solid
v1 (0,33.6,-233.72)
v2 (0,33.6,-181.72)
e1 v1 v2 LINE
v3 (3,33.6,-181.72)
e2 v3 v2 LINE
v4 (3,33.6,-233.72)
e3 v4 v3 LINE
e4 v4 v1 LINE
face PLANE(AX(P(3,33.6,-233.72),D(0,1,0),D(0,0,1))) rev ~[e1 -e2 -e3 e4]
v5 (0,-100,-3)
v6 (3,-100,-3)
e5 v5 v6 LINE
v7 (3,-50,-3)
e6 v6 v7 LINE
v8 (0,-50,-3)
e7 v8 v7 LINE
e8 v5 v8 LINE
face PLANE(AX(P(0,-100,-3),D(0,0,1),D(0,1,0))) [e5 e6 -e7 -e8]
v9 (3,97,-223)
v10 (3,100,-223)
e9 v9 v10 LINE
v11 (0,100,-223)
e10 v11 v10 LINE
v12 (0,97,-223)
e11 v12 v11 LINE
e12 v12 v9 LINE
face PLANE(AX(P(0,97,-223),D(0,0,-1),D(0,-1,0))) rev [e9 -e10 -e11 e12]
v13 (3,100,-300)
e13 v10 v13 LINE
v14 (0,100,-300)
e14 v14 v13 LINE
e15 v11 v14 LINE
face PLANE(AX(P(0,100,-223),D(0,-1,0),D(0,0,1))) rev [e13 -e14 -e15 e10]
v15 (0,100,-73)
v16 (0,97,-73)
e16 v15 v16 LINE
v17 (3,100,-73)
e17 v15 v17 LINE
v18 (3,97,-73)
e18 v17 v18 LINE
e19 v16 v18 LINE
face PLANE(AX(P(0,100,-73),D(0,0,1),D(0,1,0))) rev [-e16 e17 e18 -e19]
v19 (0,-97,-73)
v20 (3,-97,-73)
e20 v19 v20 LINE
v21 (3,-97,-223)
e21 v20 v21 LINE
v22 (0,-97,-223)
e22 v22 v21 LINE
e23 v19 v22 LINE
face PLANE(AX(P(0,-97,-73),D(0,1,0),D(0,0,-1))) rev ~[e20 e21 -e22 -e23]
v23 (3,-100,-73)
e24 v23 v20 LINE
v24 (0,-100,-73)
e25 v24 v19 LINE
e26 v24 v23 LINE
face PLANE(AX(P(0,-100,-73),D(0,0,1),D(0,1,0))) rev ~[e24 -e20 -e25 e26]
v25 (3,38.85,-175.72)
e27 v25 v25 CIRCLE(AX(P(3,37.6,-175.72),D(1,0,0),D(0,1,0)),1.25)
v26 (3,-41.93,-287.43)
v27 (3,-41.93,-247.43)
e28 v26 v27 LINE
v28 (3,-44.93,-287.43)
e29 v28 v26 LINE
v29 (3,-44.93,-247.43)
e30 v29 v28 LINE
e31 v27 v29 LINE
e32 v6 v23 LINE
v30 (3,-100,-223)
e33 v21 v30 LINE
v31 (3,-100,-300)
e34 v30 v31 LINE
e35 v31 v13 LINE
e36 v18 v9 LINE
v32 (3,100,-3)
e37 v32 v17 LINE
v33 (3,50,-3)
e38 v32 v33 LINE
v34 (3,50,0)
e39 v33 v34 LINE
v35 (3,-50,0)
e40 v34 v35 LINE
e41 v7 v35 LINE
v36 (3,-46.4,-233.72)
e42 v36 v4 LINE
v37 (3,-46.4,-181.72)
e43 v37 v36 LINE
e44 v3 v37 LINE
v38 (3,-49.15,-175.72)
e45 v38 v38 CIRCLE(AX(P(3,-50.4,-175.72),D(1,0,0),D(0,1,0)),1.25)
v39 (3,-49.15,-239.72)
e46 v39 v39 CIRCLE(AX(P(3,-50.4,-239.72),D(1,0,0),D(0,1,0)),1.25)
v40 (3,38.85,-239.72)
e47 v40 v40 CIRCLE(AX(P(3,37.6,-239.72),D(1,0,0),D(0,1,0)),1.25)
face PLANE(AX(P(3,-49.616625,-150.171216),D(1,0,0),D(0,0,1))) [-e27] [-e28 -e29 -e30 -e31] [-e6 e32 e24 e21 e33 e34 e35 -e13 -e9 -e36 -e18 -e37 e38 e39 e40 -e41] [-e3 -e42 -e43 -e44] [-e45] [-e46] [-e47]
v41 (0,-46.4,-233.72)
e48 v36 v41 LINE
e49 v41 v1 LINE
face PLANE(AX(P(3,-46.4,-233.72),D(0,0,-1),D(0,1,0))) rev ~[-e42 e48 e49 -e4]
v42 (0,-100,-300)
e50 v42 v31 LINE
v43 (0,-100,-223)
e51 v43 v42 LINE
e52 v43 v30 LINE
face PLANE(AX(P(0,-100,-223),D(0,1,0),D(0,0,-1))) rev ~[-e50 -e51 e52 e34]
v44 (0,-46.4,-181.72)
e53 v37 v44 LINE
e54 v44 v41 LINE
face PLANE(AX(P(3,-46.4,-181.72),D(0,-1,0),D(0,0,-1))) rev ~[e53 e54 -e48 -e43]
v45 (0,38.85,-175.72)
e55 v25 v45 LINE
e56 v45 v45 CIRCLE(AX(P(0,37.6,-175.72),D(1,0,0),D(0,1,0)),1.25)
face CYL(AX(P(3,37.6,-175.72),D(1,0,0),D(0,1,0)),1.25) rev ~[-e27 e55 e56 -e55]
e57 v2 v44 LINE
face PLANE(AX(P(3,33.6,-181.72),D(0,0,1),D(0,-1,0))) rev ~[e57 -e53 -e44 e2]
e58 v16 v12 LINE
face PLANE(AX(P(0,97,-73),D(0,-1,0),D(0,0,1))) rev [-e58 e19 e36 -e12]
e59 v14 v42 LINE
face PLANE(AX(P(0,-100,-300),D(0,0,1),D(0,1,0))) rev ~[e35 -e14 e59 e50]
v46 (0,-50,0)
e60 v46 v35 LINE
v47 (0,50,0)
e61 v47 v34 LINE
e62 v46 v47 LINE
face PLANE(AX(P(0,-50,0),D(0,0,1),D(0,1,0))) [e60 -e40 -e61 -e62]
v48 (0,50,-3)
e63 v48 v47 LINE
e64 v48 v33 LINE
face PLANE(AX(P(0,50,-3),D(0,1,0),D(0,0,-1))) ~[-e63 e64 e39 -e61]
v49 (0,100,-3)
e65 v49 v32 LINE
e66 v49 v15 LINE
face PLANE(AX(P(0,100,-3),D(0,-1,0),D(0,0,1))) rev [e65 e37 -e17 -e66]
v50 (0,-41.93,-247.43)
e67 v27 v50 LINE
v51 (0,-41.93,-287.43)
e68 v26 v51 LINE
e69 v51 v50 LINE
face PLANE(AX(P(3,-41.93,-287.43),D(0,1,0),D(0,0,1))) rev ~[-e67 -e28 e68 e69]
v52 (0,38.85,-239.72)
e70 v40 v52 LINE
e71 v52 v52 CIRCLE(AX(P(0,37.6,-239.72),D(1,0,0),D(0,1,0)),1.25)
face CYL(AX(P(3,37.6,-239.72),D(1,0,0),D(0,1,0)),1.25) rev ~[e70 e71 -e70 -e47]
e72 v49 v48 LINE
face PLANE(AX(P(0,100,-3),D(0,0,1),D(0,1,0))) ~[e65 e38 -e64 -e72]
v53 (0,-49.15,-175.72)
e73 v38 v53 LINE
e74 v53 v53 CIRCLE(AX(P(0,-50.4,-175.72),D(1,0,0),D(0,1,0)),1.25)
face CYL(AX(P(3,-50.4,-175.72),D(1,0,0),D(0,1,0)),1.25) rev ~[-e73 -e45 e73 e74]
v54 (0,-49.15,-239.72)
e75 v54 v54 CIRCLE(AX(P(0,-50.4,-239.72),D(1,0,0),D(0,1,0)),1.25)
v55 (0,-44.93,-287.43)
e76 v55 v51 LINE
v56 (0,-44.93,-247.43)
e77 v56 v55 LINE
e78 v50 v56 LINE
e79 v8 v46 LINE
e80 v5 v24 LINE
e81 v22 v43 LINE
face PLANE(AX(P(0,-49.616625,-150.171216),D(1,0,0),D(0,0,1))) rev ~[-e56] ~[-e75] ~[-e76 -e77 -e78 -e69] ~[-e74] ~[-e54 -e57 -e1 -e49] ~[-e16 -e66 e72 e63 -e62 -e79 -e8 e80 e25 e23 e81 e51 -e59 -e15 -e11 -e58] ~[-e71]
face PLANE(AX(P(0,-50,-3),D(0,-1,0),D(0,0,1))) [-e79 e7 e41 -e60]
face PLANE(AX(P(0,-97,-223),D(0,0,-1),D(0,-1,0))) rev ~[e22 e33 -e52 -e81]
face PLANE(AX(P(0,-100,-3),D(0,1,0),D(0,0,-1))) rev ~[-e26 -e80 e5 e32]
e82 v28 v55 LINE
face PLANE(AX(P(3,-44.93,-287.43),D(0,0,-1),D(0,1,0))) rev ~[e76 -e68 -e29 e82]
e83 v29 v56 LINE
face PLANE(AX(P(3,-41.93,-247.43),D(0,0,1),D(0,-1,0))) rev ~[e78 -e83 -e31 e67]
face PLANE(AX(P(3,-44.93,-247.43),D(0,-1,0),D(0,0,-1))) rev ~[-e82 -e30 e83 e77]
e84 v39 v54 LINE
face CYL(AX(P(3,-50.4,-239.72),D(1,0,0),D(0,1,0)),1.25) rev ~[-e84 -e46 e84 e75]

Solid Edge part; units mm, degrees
sketch "Sketch1" plane through (0, 0, 0) normal (1, 0, 0) x (0, 1, 0)
  line L0 (-100, -3) -> (-100, -73)
  line L1 (-100, -73) -> (-97, -73)
  line L2 (-97, -73) -> (-97, -223)
  line L3 (-97, -223) -> (-100, -223)
  line L4 (-100, -223) -> (-100, -300)
  line L5 (-100, -300) -> (0, -300)
  line L6 (0, 0) -> (0, -300)
  line L7 (-50, 0) -> (0, 0)
  line L8 (-50, -3) -> (-50, 0)
  line L9 (-100, -3) -> (-50, -3)
  dimension "D1" = 3
  dimension "D2" = 100
  dimension "D3" = 50
  dimension "D4" = 300
  dimension "D5" = 150
  dimension "D6" = 70
extrude "Protrusion1" add sketch "Sketch1" along normal blind 3
mirror "Mirror1" about plane through (0, 0, 0) normal (0, -1, 0) of "Protrusion1"
sketch "Sketch2" plane through (3, 0, -150) normal (1, 0, 0) x (0, 1, 0)
  circle A0 centre (-50.4, -25.72) radius 1.25
  circle A1 centre (37.6, -25.72) radius 1.25
  circle A2 centre (37.6, -89.72) radius 1.25
  circle A3 centre (-50.4, -89.72) radius 1.25
  line L0 (-41.93, -137.43) -> (-41.93, -97.43)
  line L1 (-41.93, -97.43) -> (-44.93, -97.43)
  line L2 (-44.93, -97.43) -> (-44.93, -137.43)
  line L3 (-44.93, -137.43) -> (-41.93, -137.43)
  line L4 (-46.4, -31.72) -> (-46.4, -83.72)
  line L5 (-46.4, -83.72) -> (33.6, -83.72)
  line L6 (33.6, -83.72) -> (33.6, -31.72)
  line L7 (33.6, -31.72) -> (-46.4, -31.72)
  dimension "D1" = 52
  dimension "D2" = 80
  dimension "D3" = 88
  dimension "D4" = 64
  dimension "D5" = 2.5
  dimension "D6" = 6
  dimension "D7" = 4
  dimension "D8" = 3
  dimension "D9" = 40
  dimension "D10" = 247.43
  dimension "D11" = 58.07
  dimension "D12" = 66.28
  dimension "D13" = 66.4
extrude "Cutout1" cut sketch "Sketch2" against normal up to surface (3 mm away)
properties material "Acier"
